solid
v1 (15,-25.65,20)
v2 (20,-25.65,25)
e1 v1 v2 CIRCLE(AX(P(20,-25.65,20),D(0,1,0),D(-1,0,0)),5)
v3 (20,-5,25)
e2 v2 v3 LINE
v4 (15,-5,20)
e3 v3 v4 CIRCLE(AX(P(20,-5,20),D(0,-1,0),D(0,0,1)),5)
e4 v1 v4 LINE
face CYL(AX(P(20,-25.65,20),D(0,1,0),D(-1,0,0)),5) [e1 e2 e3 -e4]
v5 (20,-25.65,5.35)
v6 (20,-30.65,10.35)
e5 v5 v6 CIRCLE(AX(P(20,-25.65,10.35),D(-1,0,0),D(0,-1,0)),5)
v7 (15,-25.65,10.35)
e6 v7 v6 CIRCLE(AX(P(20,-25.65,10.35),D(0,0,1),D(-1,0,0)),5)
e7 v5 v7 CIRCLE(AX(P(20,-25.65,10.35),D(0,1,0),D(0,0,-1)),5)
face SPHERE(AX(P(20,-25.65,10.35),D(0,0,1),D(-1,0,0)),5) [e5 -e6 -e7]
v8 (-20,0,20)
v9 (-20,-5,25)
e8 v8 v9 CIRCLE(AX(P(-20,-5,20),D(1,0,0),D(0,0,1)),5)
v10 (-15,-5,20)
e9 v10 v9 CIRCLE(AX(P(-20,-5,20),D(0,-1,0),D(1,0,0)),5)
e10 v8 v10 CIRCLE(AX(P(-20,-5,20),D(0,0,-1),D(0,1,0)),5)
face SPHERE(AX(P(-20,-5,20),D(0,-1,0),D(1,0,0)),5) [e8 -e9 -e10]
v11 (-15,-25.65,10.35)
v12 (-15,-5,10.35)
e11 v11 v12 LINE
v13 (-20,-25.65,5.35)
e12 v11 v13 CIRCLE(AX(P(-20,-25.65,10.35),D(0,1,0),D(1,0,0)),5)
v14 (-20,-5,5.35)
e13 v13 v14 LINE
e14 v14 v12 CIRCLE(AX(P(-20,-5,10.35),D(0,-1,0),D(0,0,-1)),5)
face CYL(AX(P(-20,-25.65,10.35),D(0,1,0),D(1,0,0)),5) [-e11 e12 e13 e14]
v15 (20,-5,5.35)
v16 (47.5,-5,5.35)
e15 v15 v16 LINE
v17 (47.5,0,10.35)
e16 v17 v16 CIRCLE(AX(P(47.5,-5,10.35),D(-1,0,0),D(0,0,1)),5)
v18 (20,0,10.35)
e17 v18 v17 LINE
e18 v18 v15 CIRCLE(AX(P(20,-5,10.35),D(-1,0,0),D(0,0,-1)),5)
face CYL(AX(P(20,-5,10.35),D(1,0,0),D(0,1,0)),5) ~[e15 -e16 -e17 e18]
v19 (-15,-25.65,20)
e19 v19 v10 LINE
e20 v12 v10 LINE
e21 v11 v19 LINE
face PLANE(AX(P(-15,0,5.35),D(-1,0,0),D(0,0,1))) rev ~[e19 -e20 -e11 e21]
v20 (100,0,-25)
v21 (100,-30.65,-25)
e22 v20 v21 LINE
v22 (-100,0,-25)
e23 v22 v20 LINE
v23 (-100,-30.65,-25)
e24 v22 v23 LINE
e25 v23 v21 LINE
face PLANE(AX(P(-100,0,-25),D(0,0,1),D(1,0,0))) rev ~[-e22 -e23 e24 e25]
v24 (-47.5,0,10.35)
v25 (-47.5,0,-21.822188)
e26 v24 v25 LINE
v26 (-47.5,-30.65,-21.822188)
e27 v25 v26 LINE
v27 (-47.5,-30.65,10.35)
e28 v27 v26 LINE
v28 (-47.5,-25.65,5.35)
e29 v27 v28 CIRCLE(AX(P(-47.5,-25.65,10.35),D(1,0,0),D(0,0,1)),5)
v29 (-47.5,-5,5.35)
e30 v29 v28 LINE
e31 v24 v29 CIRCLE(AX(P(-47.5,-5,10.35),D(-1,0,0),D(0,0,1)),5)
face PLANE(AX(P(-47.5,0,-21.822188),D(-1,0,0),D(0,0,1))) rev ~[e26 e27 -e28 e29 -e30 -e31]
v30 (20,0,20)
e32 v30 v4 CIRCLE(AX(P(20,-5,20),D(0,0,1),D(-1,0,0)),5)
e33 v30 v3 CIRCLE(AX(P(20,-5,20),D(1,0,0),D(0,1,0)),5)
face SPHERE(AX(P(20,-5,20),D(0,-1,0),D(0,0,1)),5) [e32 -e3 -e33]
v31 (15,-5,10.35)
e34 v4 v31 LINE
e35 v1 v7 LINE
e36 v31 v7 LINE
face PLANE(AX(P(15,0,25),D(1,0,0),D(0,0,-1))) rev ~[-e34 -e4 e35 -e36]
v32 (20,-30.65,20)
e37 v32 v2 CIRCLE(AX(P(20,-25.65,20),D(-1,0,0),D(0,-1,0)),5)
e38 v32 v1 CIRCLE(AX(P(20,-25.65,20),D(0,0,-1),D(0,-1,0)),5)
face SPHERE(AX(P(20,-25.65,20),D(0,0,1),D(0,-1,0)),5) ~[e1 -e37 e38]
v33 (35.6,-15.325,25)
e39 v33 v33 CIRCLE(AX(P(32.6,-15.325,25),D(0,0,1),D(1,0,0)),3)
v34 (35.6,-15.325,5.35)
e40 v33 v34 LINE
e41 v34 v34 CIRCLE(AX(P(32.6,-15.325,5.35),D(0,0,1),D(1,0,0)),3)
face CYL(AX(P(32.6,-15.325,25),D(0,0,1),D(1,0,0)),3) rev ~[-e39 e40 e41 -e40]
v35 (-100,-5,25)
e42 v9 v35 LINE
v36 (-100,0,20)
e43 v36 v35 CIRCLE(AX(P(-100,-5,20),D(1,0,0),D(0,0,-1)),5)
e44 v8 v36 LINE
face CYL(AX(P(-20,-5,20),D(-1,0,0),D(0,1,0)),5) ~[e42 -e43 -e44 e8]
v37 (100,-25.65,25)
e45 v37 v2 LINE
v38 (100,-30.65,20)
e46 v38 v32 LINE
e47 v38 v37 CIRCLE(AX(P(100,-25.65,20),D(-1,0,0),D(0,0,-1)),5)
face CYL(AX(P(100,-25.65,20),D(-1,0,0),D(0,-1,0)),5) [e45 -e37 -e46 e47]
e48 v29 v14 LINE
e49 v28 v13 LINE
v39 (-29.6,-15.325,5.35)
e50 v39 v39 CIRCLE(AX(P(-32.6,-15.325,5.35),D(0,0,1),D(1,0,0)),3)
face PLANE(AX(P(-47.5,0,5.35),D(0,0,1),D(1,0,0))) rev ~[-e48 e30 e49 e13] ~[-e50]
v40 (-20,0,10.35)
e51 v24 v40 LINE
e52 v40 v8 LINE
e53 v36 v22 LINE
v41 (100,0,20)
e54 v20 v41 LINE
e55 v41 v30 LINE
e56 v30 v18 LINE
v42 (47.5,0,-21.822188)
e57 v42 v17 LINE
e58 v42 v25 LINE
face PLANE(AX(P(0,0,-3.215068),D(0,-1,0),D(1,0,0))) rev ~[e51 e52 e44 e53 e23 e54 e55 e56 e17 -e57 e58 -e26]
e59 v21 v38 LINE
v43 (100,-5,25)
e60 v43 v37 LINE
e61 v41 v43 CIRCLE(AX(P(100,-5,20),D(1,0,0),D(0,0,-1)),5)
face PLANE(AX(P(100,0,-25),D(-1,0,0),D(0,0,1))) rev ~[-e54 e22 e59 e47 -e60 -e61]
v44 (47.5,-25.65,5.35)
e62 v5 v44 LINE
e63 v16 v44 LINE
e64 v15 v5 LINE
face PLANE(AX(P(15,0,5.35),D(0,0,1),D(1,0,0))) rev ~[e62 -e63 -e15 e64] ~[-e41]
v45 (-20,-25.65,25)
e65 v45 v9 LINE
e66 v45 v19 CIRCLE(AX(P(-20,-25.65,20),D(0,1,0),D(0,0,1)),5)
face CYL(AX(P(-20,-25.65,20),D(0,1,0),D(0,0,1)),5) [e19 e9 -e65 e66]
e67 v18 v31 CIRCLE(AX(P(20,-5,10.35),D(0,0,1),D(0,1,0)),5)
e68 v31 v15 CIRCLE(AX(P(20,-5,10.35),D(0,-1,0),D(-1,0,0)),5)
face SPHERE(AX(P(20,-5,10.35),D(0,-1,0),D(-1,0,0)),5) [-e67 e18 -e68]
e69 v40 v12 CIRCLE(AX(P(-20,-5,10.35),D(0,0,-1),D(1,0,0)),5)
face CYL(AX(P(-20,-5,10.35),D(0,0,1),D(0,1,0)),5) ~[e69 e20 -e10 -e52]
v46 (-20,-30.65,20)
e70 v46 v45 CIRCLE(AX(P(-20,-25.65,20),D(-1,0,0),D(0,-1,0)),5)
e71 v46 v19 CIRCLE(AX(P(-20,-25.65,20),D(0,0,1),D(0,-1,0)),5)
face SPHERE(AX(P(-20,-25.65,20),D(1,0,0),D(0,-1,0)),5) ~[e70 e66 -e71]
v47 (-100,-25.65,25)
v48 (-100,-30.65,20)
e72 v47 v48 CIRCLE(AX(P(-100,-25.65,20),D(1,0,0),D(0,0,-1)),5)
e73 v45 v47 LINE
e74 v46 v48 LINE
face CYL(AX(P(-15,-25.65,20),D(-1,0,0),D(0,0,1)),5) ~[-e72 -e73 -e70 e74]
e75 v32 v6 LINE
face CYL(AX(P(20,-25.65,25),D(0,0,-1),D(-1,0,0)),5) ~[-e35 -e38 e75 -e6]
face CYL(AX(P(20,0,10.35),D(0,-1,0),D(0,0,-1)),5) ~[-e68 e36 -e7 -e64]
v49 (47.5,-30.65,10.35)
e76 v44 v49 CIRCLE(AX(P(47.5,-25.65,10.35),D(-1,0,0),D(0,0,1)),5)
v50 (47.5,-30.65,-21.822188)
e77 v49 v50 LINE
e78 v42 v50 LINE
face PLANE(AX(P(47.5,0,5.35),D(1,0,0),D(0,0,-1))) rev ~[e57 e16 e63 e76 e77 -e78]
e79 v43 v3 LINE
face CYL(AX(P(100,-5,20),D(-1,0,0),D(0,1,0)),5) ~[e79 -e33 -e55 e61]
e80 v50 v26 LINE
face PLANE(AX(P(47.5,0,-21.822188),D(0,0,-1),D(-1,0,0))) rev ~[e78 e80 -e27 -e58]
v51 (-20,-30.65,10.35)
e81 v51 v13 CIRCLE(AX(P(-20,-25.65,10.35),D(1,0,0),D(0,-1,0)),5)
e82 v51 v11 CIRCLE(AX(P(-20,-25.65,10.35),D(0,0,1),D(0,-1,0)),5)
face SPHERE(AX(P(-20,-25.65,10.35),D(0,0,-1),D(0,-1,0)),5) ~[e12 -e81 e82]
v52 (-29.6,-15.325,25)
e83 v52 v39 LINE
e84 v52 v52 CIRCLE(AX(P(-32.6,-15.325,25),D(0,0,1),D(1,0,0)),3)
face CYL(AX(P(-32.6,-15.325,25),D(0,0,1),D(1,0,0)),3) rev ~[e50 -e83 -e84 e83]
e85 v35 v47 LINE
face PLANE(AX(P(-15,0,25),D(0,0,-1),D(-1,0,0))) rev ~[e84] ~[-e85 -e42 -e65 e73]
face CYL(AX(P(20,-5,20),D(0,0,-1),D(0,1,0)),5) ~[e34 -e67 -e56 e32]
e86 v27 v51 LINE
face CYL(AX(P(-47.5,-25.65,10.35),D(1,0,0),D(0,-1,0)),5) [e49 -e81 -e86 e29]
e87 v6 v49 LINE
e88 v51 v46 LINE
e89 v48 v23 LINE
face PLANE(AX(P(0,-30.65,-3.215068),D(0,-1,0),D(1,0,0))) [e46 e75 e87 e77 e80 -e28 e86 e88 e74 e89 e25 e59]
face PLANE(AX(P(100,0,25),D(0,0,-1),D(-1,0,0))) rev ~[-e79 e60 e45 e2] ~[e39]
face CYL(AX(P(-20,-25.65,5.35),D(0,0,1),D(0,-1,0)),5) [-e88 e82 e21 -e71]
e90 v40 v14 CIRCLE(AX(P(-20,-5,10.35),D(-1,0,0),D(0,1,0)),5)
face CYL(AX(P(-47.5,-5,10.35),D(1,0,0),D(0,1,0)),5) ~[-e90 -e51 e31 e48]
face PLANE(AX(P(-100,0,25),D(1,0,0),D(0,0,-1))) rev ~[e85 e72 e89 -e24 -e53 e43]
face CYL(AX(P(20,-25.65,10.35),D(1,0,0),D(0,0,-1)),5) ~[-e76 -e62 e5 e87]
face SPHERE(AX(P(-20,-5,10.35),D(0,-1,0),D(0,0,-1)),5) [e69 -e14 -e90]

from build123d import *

# Parameters (mm, degrees)
F1_DEPTH  = 30.65
F2_R      = 5
F3_R      = 5
F4_R      = 5
F5_R      = 5
F6_R      = 5
F7_R      = 5
F8_R      = 5
F9_R      = 5
F10_R     = 3
F11_DEPTH = 20


with BuildPart() as f1:
    # F0 (on Front) → F1 (new body)
    with BuildSketch(Plane.XZ):
        Polygon((-100, 25), (-100, -25), (100, -25), (100, 25), (15, 25), (15, 5.35), (47.5, 5.35), (47.5, -7.066266), (47.5, -21.822188), (0, -21.822188), (-47.5, -21.822188), (-47.5, -7.066266), (-47.5, 5.35), (-15, 5.35), (-15, 25), align=None)
    extrude(amount=F1_DEPTH)

    # F2
    f2_edges = [f1.edges().sort_by_distance(p)[0] for p in [
        (-57.5, -30.65, 25),
    ]]
    fillet(f2_edges, radius=F2_R)

    # F3
    f3_edges = [f1.edges().sort_by_distance(p)[0] for p in [
        (-15, -30.65, 12.675),
    ]]
    fillet(f3_edges, radius=F3_R)

    # F4
    f4_edges = [f1.edges().sort_by_distance(p)[0] for p in [
        (-33.75, -30.65, 5.35),
    ]]
    fillet(f4_edges, radius=F4_R)

    # F5
    f5_edges = [f1.edges().sort_by_distance(p)[0] for p in [
        (15, -30.65, 15.175),
    ]]
    fillet(f5_edges, radius=F5_R)

    # F6
    f6_edges = [f1.edges().sort_by_distance(p)[0] for p in [
        (33.75, -30.65, 5.35),
    ]]
    fillet(f6_edges, radius=F6_R)

    # F7
    f7_edges = [f1.edges().sort_by_distance(p)[0] for p in [
        (60, -30.65, 25),
    ]]
    fillet(f7_edges, radius=F7_R)

    # F8
    f8_edges = [f1.edges().sort_by_distance(p)[0] for p in [
        (60, 0, 25),
    ]]
    fillet(f8_edges, radius=F8_R)

    # F9
    f9_edges = [f1.edges().sort_by_distance(p)[0] for p in [
        (-33.75, 0, 5.35),
    ]]
    fillet(f9_edges, radius=F9_R)

    # F10 (on face) → F11 (cut)
    with BuildSketch(Plane.XY.offset(25)):
        with Locations((-32.6, -15.325)):
            Circle(F10_R)
        with Locations((32.6, -15.325)):
            Circle(F10_R)
    extrude(amount=-F11_DEPTH, mode=Mode.SUBTRACT)


solid = f1.part
